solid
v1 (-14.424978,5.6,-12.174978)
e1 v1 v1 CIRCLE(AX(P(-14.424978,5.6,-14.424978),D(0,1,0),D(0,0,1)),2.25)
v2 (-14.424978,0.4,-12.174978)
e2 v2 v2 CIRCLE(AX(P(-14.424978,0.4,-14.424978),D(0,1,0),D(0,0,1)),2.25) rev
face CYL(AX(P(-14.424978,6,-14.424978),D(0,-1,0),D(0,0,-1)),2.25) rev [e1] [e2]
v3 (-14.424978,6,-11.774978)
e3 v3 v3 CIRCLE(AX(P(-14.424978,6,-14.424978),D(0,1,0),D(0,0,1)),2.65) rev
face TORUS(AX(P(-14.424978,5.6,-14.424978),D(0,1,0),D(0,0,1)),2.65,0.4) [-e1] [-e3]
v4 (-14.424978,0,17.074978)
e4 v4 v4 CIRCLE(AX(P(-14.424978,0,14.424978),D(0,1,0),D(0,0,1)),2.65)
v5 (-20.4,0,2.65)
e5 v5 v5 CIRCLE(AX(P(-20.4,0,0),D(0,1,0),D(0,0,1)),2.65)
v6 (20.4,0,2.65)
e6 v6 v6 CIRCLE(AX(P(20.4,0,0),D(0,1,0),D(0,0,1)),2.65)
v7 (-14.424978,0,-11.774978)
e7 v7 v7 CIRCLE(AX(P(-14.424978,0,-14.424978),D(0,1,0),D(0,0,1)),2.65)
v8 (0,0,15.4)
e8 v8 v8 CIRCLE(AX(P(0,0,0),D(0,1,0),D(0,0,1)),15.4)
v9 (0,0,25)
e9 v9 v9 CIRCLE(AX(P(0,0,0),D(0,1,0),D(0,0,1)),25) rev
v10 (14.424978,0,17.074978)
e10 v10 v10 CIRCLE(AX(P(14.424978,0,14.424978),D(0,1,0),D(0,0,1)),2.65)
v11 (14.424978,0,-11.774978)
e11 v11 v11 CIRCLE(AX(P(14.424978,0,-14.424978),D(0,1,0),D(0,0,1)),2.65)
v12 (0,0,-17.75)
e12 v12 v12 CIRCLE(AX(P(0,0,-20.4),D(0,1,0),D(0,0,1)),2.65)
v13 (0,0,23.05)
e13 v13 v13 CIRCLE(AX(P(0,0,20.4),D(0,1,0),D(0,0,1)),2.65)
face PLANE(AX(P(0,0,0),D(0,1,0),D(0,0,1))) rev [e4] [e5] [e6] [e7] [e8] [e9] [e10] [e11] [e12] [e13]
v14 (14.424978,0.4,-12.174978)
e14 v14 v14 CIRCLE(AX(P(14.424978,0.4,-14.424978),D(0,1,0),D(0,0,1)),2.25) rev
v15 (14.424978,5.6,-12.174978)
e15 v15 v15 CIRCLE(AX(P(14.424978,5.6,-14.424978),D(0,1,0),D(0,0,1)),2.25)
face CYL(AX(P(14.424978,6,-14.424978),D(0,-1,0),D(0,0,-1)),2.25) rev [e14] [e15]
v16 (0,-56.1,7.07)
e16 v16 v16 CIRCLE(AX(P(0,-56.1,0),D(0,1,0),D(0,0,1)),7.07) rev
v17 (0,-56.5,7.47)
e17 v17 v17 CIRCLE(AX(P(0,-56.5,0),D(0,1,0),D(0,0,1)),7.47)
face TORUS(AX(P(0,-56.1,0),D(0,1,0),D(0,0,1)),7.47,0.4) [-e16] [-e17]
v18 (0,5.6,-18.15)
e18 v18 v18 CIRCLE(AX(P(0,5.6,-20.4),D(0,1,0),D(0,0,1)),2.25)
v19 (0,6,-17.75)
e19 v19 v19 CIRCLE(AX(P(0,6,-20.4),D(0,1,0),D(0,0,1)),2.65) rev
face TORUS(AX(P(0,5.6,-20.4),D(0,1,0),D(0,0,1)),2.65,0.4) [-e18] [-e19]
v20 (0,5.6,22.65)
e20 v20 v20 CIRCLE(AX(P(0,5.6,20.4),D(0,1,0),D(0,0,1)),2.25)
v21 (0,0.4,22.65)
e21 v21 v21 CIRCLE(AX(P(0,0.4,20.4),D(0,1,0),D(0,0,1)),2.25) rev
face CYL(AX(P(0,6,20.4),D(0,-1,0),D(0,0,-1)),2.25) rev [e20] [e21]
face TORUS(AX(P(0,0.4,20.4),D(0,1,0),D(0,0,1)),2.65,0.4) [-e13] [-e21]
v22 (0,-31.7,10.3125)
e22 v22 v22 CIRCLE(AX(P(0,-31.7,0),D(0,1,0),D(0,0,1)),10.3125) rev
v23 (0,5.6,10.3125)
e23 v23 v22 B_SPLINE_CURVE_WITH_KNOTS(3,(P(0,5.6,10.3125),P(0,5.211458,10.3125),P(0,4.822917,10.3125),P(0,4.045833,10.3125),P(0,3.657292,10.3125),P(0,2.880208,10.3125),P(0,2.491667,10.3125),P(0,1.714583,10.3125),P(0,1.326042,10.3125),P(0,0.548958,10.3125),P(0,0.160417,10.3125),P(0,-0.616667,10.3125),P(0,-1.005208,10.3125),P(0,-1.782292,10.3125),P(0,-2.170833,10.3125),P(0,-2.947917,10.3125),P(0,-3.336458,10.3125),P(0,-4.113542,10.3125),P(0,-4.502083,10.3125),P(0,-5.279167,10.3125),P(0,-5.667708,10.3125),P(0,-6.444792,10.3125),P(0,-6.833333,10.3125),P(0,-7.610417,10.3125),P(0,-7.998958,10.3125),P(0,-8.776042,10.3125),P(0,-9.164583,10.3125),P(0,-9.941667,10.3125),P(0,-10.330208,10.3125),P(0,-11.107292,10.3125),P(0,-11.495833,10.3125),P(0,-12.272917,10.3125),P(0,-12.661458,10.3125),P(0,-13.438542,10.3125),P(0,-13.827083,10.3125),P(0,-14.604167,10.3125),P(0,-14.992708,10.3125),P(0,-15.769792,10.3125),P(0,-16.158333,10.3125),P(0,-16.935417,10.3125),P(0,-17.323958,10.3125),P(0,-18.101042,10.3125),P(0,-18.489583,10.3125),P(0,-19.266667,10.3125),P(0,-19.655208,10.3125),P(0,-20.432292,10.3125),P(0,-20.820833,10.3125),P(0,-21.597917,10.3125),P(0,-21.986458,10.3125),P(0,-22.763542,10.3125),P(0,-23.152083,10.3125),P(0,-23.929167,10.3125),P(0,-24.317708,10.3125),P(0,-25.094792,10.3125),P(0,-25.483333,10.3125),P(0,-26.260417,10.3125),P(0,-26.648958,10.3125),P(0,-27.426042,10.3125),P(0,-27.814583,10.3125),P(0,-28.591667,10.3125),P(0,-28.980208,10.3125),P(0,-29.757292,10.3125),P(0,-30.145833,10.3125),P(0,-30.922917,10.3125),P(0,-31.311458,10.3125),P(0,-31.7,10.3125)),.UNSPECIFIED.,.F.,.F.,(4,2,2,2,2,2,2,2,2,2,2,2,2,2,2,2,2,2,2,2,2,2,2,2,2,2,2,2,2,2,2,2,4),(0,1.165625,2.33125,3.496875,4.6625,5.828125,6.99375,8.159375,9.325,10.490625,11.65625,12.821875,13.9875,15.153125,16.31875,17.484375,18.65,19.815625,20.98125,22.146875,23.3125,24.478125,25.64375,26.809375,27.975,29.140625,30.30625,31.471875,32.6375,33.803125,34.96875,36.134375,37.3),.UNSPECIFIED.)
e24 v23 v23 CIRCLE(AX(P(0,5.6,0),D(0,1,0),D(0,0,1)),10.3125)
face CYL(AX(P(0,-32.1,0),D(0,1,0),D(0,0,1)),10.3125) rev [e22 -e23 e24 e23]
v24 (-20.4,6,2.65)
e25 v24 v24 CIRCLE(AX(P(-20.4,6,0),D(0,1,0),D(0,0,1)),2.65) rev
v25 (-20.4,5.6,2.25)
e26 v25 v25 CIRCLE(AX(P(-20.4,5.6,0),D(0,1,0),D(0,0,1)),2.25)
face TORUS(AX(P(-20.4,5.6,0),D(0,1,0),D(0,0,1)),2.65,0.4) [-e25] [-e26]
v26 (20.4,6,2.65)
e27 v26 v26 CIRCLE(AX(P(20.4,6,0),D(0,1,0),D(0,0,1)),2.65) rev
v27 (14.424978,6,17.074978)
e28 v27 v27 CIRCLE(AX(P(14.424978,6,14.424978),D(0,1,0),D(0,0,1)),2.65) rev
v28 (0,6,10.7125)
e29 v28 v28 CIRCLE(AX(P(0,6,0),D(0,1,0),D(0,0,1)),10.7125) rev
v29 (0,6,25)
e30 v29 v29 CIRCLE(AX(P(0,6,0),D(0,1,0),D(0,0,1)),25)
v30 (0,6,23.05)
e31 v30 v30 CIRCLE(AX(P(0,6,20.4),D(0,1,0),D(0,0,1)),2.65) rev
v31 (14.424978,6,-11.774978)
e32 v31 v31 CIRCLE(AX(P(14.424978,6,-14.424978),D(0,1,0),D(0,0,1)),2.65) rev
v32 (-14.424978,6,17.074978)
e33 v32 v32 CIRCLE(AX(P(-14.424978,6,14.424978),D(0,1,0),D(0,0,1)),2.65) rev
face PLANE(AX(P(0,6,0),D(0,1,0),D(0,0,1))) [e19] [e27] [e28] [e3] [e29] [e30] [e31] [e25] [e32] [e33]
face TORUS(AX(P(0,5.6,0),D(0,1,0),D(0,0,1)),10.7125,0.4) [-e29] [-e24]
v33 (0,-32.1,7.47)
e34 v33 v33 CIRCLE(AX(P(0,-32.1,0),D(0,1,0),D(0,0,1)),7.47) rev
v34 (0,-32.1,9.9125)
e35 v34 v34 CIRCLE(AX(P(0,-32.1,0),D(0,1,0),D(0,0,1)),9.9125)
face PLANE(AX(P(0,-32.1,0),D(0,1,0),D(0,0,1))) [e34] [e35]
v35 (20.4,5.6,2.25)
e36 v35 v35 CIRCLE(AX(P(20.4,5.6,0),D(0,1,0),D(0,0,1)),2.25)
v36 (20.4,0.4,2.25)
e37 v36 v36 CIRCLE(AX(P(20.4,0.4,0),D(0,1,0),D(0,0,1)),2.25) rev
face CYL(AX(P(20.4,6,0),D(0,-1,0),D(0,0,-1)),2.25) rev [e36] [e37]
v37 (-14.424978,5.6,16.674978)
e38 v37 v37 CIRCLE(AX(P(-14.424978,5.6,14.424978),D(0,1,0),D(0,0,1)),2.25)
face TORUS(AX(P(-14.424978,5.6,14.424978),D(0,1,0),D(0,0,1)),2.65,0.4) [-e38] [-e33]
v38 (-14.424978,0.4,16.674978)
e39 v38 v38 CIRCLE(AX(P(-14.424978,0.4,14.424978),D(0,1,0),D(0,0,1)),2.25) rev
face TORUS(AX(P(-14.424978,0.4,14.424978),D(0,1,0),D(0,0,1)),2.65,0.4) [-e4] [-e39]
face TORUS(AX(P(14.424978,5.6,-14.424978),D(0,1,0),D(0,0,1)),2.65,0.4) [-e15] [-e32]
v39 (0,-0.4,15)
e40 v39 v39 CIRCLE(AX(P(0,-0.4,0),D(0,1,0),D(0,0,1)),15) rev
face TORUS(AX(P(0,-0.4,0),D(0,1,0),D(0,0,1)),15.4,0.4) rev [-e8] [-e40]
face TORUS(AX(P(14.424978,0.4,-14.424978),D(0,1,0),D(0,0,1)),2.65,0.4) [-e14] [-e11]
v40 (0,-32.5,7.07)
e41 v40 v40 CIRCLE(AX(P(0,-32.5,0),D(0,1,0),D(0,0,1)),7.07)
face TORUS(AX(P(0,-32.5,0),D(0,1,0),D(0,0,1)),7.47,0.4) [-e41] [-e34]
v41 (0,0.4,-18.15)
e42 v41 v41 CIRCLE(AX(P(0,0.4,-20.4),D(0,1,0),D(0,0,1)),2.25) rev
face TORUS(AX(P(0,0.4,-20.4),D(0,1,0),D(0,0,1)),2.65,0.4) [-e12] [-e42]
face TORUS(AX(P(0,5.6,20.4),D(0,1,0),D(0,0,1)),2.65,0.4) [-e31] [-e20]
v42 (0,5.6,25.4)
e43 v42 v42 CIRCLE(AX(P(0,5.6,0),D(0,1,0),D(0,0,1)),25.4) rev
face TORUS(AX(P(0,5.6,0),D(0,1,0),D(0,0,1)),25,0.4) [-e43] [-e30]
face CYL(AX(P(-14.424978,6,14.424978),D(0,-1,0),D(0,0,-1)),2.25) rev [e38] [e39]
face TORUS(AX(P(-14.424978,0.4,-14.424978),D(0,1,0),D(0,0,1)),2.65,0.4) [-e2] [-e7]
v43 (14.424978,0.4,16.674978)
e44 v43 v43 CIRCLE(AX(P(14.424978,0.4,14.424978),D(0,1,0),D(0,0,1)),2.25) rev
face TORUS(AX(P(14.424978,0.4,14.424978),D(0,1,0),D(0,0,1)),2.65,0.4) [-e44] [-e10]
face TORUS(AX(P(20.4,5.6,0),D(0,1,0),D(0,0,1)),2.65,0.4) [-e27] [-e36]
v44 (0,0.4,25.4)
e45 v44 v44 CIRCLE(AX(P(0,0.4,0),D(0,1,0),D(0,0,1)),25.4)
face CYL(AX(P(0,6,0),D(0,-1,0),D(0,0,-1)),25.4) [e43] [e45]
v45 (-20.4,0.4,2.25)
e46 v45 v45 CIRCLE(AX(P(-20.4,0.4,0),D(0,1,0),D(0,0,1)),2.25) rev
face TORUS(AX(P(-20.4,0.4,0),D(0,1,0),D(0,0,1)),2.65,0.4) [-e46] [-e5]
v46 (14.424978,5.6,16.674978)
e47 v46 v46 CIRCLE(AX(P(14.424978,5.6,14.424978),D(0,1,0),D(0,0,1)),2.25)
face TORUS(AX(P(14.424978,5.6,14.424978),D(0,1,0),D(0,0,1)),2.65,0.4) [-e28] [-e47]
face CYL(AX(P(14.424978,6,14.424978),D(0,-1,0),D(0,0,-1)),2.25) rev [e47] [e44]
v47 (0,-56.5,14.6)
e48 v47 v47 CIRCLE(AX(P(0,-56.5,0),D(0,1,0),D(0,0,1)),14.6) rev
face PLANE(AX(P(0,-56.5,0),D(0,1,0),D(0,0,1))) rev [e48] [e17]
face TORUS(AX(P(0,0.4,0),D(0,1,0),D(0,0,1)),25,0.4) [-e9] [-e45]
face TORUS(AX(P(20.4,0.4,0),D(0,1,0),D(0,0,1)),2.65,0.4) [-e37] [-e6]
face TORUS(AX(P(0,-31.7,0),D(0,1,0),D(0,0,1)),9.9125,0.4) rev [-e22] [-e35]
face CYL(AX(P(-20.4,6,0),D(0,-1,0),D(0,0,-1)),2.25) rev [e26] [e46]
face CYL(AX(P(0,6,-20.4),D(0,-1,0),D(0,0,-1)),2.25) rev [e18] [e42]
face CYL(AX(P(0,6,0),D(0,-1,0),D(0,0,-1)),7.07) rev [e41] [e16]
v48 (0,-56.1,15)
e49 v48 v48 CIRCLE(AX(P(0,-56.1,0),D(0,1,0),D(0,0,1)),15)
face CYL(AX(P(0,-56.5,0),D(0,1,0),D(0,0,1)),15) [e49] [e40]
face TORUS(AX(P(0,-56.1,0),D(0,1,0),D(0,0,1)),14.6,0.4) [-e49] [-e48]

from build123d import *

# Parameters (mm, degrees)
SKETCH1_R           = 25.4
SKETCH1_R_2         = 2.25
BOSS_EXTRUDE1_DEPTH = 6
SKETCH2_R           = 15
BOSS_EXTRUDE2_DEPTH = 62.5
SKETCH3_R           = 10.3125
CUT_EXTRUDE1_DEPTH  = 38.1
SKETCH4_R           = 7.07
CUT_EXTRUDE2_DEPTH  = 73.087238815
FILLET1_R           = 0.4


with BuildPart() as part:
    # Sketch1 → Boss-Extrude1 (new body)
    with BuildSketch(Plane(origin=(0, 0, 0), x_dir=(1, 0, 0), z_dir=(0, 1, 0))):
        with Locations(Location((0, 0, 0), (0, 0, 270))):
            Circle(SKETCH1_R)
        with Locations(Location((0, 20.4, 0), (0, 0, 270))):
            Circle(SKETCH1_R_2, mode=Mode.SUBTRACT)
        with Locations(Location((14.424978336, 14.424978336, 0), (0, 0, 270))):
            Circle(SKETCH1_R_2, mode=Mode.SUBTRACT)
        with Locations(Location((20.4, 0, 0), (0, 0, 270))):
            Circle(SKETCH1_R_2, mode=Mode.SUBTRACT)
        with Locations(Location((14.424978336, -14.424978336, 0), (0, 0, 270))):
            Circle(SKETCH1_R_2, mode=Mode.SUBTRACT)
        with Locations(Location((0, -20.4, 0), (0, 0, 270))):
            Circle(SKETCH1_R_2, mode=Mode.SUBTRACT)
        with Locations(Location((-14.424978336, -14.424978336, 0), (0, 0, 270))):
            Circle(SKETCH1_R_2, mode=Mode.SUBTRACT)
        with Locations(Location((-20.4, 0, 0), (0, 0, 270))):
            Circle(SKETCH1_R_2, mode=Mode.SUBTRACT)
        with Locations(Location((-14.424978336, 14.424978336, 0), (0, 0, 270))):
            Circle(SKETCH1_R_2, mode=Mode.SUBTRACT)
    extrude(amount=BOSS_EXTRUDE1_DEPTH)

    # Sketch2 → Boss-Extrude2 (add)
    with BuildSketch(Plane(origin=(0, 6, 0), x_dir=(1, 0, 0), z_dir=(0, 1, 0))):
        with Locations(Location((0, 0, 0), (0, 0, 270))):
            Circle(SKETCH2_R)
    extrude(amount=-BOSS_EXTRUDE2_DEPTH)

    # Sketch3 → Cut-Extrude1 (cut)
    with BuildSketch(Plane(origin=(0, 6, 0), x_dir=(1, 0, 0), z_dir=(0, 1, 0))):
        with Locations(Location((0, 0, 0), (0, 0, 270))):
            Circle(SKETCH3_R)
    extrude(amount=-CUT_EXTRUDE1_DEPTH, mode=Mode.SUBTRACT)

    # Sketch4 → Cut-Extrude2 (cut, through all)
    with BuildSketch(Plane.XZ.offset(56.5)):
        with Locations(Location((0, 0, 0), (0, 0, 270))):
            Circle(SKETCH4_R)
    extrude(amount=-CUT_EXTRUDE2_DEPTH, mode=Mode.SUBTRACT)

    # Fillet1
    fillet1_edges = [part.edges().sort_by_distance(p)[0] for p in [
        (20.4, 0, -2.25),
        (20.4, 6, -2.25),
        (14.424978336, 0, 12.174978336),
        (14.424978336, 6, 12.174978336),
        (0, 0, -25.4),
        (0, 0, 18.15),
        (0, 6, 18.15),
        (-14.424978336, 0, 12.174978336),
        (-14.424978336, 6, 12.174978336),
        (-20.4, 0, -2.25),
        (-20.4, 6, -2.25),
        (-14.424978336, 0, -16.674978336),
        (-14.424978336, 6, -16.674978336),
        (0, -56.5, -15),
        (0, 0, -15),
        (0, 6, -25.4),
        (0, -32.1, -10.3125),
        (0, 6, -10.3125),
        (0, 0, -22.65),
        (0, -32.1, 7.07),
        (0, -56.5, 7.07),
        (0, 6, -22.65),
        (14.424978336, 0, -16.674978336),
        (14.424978336, 6, -16.674978336),
    ]]
    fillet(fillet1_edges, radius=FILLET1_R)


solid = part.part
